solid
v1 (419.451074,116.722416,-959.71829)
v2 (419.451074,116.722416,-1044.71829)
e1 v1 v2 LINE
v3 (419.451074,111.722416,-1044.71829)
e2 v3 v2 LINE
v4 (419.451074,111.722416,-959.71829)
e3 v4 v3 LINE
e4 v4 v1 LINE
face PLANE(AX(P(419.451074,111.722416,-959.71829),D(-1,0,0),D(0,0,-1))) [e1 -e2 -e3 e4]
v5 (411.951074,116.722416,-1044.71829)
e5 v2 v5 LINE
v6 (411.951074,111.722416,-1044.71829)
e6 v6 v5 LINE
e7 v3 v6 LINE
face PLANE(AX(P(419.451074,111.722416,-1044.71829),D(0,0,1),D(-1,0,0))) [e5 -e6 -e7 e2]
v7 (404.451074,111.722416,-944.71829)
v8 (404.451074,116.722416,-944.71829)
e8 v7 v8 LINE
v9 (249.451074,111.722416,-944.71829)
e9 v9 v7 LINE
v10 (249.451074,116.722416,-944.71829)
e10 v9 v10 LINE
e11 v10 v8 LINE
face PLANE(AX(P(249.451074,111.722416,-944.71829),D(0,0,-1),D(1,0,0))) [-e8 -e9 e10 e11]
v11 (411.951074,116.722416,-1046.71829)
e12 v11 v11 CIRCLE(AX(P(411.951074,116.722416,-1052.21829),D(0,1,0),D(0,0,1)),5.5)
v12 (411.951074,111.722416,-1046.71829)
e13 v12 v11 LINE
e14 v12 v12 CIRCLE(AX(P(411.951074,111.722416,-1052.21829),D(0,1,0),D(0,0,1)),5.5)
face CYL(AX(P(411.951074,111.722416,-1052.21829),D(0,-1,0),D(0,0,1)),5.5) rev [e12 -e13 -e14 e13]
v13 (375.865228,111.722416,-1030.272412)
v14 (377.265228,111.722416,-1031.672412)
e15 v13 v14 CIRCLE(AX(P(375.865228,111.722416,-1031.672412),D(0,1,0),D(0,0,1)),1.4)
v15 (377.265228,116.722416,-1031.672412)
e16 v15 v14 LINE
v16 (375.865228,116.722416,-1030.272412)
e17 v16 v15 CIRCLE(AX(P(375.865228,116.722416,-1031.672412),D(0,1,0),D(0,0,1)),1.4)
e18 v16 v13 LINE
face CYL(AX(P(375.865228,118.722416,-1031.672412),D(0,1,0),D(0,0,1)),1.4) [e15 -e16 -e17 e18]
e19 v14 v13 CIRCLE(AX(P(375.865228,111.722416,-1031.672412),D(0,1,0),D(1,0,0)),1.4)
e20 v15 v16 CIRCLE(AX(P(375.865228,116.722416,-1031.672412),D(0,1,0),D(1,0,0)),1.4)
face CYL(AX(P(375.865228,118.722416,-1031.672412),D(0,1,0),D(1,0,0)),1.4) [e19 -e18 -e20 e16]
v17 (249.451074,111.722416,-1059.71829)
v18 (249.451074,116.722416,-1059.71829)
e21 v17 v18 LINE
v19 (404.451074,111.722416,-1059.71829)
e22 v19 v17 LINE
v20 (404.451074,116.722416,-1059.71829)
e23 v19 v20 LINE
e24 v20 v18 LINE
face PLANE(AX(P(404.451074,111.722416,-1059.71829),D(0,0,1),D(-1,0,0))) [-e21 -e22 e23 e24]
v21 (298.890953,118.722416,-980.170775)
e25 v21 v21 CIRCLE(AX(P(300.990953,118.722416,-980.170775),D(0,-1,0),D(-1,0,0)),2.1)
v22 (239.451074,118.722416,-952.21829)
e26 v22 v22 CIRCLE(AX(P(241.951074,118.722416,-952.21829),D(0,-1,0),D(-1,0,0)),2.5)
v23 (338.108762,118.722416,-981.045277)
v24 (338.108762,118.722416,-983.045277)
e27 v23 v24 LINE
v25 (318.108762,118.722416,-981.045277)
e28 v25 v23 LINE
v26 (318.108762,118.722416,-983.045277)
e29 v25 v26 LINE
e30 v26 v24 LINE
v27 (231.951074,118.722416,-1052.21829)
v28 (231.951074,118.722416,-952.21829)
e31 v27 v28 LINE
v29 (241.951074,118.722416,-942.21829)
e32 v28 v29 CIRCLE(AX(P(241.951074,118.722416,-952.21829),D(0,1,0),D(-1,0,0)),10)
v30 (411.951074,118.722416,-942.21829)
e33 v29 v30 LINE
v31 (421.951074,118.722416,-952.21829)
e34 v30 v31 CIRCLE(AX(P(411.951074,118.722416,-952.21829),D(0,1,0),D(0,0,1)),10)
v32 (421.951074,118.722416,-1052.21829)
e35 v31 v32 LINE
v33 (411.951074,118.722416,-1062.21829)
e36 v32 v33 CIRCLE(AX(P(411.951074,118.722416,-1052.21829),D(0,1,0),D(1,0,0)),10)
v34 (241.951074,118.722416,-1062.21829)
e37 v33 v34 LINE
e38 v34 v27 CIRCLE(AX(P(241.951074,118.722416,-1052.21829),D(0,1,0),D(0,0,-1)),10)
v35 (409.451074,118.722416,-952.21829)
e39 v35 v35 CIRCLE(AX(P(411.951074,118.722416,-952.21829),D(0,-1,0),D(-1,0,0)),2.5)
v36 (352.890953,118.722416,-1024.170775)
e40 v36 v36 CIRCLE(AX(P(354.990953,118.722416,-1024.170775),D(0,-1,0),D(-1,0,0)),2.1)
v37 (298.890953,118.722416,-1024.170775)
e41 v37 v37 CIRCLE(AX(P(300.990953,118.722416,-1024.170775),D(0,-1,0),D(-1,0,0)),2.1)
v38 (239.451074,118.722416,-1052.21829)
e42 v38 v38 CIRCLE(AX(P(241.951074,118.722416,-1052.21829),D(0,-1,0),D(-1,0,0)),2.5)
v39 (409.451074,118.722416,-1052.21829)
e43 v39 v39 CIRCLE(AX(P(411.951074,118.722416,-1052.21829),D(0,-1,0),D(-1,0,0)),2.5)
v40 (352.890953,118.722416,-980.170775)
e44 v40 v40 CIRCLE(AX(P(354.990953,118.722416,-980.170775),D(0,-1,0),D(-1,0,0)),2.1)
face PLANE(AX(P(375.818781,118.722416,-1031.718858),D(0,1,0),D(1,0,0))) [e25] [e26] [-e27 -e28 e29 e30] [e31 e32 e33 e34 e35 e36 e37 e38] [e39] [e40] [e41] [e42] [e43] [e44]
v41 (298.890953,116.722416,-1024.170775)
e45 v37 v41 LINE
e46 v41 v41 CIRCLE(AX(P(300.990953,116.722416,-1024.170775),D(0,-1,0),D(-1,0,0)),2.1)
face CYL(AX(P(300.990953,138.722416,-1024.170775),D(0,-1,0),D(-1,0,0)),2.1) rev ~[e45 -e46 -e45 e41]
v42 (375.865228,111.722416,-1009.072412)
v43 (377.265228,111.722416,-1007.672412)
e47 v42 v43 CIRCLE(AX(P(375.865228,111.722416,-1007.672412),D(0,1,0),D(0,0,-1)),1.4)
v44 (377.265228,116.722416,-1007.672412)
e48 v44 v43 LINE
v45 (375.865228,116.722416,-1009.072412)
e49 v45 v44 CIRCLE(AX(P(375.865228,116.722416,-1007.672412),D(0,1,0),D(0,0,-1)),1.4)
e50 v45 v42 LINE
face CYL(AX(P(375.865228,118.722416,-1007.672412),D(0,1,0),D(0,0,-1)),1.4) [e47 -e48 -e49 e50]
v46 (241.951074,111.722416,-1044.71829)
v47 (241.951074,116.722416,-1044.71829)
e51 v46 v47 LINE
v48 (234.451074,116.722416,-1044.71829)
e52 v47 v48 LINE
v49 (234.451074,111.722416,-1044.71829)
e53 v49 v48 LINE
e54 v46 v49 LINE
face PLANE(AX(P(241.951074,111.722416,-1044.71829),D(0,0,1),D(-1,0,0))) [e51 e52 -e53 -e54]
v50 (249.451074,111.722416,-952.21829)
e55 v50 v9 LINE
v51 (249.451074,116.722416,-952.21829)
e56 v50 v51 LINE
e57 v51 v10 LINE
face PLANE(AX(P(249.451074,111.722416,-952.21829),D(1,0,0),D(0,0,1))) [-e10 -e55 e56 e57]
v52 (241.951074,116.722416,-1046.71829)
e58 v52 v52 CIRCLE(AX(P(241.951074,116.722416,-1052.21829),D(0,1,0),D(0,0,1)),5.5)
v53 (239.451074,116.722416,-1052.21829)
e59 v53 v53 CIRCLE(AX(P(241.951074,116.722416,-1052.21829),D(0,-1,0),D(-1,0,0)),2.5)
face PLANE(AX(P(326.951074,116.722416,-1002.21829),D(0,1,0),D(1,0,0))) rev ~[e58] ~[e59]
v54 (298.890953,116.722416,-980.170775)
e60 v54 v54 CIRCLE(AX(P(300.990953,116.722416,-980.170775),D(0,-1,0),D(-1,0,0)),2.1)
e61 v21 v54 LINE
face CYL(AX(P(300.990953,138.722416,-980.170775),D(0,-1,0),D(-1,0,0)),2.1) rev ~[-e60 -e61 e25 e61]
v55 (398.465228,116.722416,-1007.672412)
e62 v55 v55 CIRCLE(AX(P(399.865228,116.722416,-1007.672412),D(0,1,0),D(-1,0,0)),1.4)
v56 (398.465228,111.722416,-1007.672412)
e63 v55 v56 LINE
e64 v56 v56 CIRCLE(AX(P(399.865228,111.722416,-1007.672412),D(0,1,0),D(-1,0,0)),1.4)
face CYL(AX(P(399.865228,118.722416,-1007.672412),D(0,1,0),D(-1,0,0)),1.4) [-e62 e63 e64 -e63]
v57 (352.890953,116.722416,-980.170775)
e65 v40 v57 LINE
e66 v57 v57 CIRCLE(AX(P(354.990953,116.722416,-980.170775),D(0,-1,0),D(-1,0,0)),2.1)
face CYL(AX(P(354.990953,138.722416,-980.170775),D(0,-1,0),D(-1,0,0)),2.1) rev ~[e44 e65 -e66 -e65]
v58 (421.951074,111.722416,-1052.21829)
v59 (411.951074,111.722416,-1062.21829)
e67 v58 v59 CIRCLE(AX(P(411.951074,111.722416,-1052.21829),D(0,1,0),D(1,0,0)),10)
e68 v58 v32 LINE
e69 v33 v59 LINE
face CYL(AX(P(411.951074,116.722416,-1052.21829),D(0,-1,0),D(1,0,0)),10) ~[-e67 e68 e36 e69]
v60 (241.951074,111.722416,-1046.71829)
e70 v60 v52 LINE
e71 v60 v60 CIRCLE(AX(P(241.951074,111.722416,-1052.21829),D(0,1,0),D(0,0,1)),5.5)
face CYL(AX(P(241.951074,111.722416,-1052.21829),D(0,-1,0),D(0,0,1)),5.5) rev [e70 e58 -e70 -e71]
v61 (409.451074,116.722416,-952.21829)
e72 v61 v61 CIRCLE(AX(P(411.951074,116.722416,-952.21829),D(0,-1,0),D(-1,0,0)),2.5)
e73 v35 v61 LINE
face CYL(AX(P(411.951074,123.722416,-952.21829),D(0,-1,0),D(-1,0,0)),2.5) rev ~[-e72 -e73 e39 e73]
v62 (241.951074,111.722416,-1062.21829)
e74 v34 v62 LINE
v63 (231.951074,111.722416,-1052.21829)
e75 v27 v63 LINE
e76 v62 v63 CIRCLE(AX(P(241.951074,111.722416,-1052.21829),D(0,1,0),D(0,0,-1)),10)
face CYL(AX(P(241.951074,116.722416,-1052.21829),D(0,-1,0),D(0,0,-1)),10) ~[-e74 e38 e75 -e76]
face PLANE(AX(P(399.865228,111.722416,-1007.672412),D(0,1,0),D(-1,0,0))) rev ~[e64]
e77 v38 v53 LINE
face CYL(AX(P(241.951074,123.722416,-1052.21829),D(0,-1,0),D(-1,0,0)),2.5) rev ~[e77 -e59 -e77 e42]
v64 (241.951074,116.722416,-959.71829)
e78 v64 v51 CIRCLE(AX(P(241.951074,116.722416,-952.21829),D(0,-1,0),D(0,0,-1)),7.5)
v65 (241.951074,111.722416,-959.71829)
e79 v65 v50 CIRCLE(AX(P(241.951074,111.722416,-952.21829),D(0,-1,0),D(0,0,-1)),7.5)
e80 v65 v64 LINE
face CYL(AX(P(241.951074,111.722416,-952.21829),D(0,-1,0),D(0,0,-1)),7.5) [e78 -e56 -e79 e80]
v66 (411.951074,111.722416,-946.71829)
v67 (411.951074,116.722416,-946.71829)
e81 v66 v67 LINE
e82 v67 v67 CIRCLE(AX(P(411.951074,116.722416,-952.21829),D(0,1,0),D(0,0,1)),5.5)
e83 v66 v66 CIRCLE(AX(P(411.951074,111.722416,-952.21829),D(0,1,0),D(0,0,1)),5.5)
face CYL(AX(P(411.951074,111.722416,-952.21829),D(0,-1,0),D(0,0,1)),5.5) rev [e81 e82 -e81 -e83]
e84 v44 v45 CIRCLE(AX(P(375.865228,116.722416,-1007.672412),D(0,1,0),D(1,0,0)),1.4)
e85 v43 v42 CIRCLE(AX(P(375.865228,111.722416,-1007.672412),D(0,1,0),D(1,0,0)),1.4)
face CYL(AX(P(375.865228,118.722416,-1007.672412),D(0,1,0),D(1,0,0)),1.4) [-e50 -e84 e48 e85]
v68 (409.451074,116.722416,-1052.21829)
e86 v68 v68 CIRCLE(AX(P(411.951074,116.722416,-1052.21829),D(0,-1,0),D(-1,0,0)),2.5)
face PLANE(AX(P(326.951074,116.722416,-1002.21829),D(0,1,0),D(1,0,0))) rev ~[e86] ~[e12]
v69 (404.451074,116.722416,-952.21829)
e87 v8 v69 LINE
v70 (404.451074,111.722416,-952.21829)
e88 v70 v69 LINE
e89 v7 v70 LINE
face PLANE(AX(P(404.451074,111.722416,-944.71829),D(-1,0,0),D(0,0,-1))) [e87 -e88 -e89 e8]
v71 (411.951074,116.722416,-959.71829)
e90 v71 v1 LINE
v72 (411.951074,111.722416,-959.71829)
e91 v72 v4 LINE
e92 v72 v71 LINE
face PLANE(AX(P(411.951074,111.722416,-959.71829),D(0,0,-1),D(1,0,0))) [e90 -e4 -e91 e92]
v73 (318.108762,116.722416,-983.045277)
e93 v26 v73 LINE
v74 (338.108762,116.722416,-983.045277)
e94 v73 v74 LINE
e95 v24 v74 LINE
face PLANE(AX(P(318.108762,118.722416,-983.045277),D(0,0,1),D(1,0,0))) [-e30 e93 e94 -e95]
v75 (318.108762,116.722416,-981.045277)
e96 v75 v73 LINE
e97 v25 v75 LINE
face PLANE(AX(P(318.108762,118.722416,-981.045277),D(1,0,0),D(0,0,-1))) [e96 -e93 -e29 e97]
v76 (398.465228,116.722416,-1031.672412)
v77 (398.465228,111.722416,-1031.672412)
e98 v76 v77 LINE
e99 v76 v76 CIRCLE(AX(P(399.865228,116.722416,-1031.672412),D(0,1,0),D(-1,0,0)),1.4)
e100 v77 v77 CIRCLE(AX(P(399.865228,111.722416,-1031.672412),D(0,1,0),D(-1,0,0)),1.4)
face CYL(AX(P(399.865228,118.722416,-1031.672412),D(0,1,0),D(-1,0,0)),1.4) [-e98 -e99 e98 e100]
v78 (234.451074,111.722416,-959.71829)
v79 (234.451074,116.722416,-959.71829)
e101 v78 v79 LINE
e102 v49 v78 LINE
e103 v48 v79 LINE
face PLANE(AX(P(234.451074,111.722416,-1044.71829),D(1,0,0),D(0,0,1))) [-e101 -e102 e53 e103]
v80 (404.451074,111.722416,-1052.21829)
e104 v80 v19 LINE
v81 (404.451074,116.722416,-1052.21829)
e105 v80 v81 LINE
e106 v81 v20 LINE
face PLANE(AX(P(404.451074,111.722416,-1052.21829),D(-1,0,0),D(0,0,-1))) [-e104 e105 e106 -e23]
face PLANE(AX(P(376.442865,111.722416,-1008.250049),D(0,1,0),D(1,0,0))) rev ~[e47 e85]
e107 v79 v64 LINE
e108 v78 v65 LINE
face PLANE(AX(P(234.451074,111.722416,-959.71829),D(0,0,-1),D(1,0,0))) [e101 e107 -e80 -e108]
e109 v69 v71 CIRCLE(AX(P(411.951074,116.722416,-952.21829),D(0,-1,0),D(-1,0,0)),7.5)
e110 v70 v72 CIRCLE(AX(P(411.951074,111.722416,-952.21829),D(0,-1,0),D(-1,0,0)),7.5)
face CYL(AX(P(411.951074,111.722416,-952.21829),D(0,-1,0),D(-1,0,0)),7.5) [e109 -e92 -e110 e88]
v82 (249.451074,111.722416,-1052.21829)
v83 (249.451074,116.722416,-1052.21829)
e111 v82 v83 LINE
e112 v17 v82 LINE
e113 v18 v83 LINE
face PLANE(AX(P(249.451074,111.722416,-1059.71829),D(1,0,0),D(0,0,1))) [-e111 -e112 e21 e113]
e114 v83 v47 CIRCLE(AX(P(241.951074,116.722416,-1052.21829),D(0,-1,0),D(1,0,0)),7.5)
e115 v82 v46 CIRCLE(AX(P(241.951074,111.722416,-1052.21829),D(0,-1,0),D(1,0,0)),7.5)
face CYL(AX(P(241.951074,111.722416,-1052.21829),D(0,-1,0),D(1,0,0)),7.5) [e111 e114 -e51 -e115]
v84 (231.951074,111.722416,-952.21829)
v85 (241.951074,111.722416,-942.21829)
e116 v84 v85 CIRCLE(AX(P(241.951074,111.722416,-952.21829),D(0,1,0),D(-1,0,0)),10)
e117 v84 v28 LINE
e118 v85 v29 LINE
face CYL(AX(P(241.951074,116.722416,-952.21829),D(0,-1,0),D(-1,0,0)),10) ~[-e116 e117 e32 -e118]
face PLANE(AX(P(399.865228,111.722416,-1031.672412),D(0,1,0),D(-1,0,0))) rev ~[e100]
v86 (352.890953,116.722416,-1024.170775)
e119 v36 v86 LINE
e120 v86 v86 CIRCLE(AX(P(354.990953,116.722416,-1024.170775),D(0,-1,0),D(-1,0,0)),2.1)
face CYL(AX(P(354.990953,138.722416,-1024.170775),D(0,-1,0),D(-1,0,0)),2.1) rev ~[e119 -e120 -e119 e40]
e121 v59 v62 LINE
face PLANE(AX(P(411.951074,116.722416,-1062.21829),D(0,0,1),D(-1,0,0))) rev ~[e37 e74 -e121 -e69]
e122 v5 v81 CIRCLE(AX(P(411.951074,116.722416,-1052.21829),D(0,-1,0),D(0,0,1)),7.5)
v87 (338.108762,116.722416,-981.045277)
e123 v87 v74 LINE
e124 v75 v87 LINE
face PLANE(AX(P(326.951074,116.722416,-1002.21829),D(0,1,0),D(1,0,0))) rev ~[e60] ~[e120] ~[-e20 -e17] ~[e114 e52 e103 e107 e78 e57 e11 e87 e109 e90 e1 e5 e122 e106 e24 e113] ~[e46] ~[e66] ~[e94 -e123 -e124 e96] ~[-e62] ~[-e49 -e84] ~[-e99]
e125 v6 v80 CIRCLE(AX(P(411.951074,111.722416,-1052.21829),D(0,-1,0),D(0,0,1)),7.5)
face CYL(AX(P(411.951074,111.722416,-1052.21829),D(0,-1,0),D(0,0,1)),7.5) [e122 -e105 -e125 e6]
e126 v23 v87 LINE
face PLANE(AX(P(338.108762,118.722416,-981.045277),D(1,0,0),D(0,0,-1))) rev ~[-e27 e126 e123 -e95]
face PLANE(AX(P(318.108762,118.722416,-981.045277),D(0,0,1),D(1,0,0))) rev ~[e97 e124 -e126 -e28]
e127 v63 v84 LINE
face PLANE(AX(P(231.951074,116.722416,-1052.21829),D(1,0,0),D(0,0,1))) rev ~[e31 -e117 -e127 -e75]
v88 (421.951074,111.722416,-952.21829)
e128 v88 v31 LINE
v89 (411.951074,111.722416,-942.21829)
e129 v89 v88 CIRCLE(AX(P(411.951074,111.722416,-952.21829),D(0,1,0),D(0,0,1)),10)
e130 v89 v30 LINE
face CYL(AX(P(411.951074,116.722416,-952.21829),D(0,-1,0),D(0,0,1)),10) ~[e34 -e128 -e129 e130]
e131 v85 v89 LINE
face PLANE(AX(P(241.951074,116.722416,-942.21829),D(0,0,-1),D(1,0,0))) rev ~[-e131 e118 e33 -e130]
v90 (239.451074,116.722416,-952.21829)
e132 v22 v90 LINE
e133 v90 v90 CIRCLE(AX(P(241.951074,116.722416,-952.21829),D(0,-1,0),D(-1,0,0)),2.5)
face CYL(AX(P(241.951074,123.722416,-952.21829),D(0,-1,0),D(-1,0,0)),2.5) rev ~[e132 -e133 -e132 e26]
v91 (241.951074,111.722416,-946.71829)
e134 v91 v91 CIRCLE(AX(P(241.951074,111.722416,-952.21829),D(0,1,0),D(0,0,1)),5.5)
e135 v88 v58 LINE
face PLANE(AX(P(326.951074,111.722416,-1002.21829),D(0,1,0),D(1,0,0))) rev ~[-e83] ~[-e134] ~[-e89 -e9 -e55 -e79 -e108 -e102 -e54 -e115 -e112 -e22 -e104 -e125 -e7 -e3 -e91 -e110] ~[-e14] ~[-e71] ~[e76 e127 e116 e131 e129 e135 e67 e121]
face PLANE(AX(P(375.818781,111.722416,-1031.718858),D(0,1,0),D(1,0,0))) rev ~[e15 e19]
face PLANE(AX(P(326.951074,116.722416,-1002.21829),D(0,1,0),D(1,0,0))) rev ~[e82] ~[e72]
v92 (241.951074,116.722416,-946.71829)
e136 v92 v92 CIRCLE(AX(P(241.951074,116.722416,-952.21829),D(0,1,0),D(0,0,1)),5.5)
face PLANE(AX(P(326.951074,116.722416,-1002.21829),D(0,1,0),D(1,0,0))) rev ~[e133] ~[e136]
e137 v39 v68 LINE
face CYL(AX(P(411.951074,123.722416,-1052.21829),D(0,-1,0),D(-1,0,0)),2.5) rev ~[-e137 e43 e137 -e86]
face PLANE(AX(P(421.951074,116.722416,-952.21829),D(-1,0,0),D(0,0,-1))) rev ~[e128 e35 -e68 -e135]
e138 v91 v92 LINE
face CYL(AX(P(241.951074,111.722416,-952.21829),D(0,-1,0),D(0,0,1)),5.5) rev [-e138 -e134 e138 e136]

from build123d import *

# Parameters (mm, degrees)
SKETCH1_R                      = 5.5
BOSS_EXTRUDE1_DEPTH            = 5
BOSS_EXTRUDE2_DEPTH            = 2
SKETCH4_R                      = 1.4
BOSS_EXTRUDE3_DEPTH            = 7
SKETCH12_W                     = 20
SKETCH12_H                     = 2
CUT_EXTRUDE1_DEPTH             = 10
F_4_2_4_2_DIAMETER_HOLE1_D     = 4.2
F_4_2_4_2_DIAMETER_HOLE1_DEPTH = 20
F_4_2_4_2_DIAMETER_HOLE1_TIP   = 1.2618073
F_5_0_5_DIAMETER_HOLE1_D       = 5
F_5_0_5_DIAMETER_HOLE1_DEPTH   = 5
F_5_0_5_DIAMETER_HOLE1_TIP     = 1.502151548


with BuildPart() as part:
    # Sketch1 → Boss-Extrude1 (new body)
    with BuildSketch(Plane(origin=(0, 111.722415865, 0), x_dir=(1, 0, 0), z_dir=(0, 1, 0))):
        with BuildLine():
            Line((241.95107426, 942.218289838), (411.95107426, 942.218289838))
            ThreePointArc((411.95107426, 942.218289838), (419.022142072, 945.147222026), (421.95107426, 952.218289838))
            Line((421.95107426, 952.218289838), (421.95107426, 1052.218289838))
            ThreePointArc((421.95107426, 1052.218289838), (419.022142072, 1059.28935765), (411.95107426, 1062.218289838))
            Line((411.95107426, 1062.218289838), (241.95107426, 1062.218289838))
            ThreePointArc((241.95107426, 1062.218289838), (234.880006448, 1059.28935765), (231.95107426, 1052.218289838))
            Line((231.95107426, 1052.218289838), (231.95107426, 952.218289838))
            ThreePointArc((231.95107426, 952.218289838), (234.880006448, 945.147222026), (241.95107426, 942.218289838))
        make_face()
        with Locations(Location((241.95107426, 952.218289838, 0), (0, 0, 270))):
            Circle(SKETCH1_R, mode=Mode.SUBTRACT)
        with Locations(Location((411.95107426, 952.218289838, 0), (0, 0, 270))):
            Circle(SKETCH1_R, mode=Mode.SUBTRACT)
        with Locations(Location((411.95107426, 1052.218289838, 0), (0, 0, 270))):
            Circle(SKETCH1_R, mode=Mode.SUBTRACT)
        with Locations(Location((241.95107426, 1052.218289838, 0), (0, 0, 270))):
            Circle(SKETCH1_R, mode=Mode.SUBTRACT)
        with BuildLine():
            Line((249.45107426, 952.218289838), (249.45107426, 944.718289838))
            Line((249.45107426, 944.718289838), (404.45107426, 944.718289838))
            Line((404.45107426, 944.718289838), (404.45107426, 952.218289838))
            ThreePointArc((404.45107426, 952.218289838), (406.647773401, 957.521590697), (411.95107426, 959.718289838))
            Line((411.95107426, 959.718289838), (419.45107426, 959.718289838))
            Line((419.45107426, 959.718289838), (419.45107426, 1044.718289838))
            Line((419.45107426, 1044.718289838), (411.95107426, 1044.718289838))
            ThreePointArc((411.95107426, 1044.718289838), (406.647773401, 1046.914988979), (404.45107426, 1052.218289838))
            Line((404.45107426, 1052.218289838), (404.45107426, 1059.718289838))
            Line((404.45107426, 1059.718289838), (249.45107426, 1059.718289838))
            Line((249.45107426, 1059.718289838), (249.45107426, 1052.218289838))
            ThreePointArc((249.45107426, 1052.218289838), (247.254375119, 1046.914988979), (241.95107426, 1044.718289838))
            Line((241.95107426, 1044.718289838), (234.45107426, 1044.718289838))
            Line((234.45107426, 1044.718289838), (234.45107426, 959.718289838))
            Line((234.45107426, 959.718289838), (241.95107426, 959.718289838))
            ThreePointArc((241.95107426, 959.718289838), (247.254375119, 957.521590697), (249.45107426, 952.218289838))
        make_face(mode=Mode.SUBTRACT)
    extrude(amount=BOSS_EXTRUDE1_DEPTH)

    # Sketch2 → Boss-Extrude2 (add)
    with BuildSketch(Plane(origin=(0, 116.722415865, 0), x_dir=(1, 0, 0), z_dir=(0, 1, 0))):
        with BuildLine():
            Line((231.95107426, 1052.218289838), (231.95107426, 952.218289838))
            ThreePointArc((231.95107426, 952.218289838), (234.880006448, 945.147222026), (241.95107426, 942.218289838))
            Line((241.95107426, 942.218289838), (411.95107426, 942.218289838))
            ThreePointArc((411.95107426, 942.218289838), (419.022142072, 945.147222026), (421.95107426, 952.218289838))
            Line((421.95107426, 952.218289838), (421.95107426, 1052.218289838))
            ThreePointArc((421.95107426, 1052.218289838), (419.022142072, 1059.28935765), (411.95107426, 1062.218289838))
            Line((411.95107426, 1062.218289838), (241.95107426, 1062.218289838))
            ThreePointArc((241.95107426, 1062.218289838), (234.880006448, 1059.28935765), (231.95107426, 1052.218289838))
        make_face()
    extrude(amount=BOSS_EXTRUDE2_DEPTH)

    # Sketch4 → Boss-Extrude3 (add)
    with BuildSketch(Plane(origin=(0, 118.722415865, 0), x_dir=(1, 0, 0), z_dir=(0, 1, 0))):
        with BuildLine():
            Line((375.86522753, 1030.272411662), (375.86522753, 1031.672411662))
            Line((375.86522753, 1031.672411662), (377.26522753, 1031.672411662))
            ThreePointArc((377.26522753, 1031.672411662), (374.875278036, 1032.662361156), (375.86522753, 1030.272411662))
        make_face()
        with BuildLine():
            Line((377.26522753, 1031.672411662), (375.86522753, 1031.672411662))
            Line((375.86522753, 1031.672411662), (375.86522753, 1030.272411662))
            ThreePointArc((375.86522753, 1030.272411662), (376.855177023, 1030.682462168), (377.26522753, 1031.672411662))
        make_face()
        with BuildLine():
            ThreePointArc((377.26522753, 1007.672411662), (376.855177023, 1008.662361156), (375.86522753, 1009.072411662))
            Line((375.86522753, 1009.072411662), (375.86522753, 1007.672411662))
            Line((375.86522753, 1007.672411662), (377.26522753, 1007.672411662))
        make_face()
        with BuildLine():
            Line((375.86522753, 1007.672411662), (375.86522753, 1009.072411662))
            ThreePointArc((375.86522753, 1009.072411662), (374.875278036, 1006.682462168), (377.26522753, 1007.672411662))
            Line((377.26522753, 1007.672411662), (375.86522753, 1007.672411662))
        make_face()
        with Locations(Location((399.86522753, 1031.672411662, 0), (0, 0, 180))):
            Circle(SKETCH4_R)
        with Locations(Location((399.86522753, 1007.672411662, 0), (0, 0, 180))):
            Circle(SKETCH4_R)
    extrude(amount=-BOSS_EXTRUDE3_DEPTH)

    # Sketch12 → Cut-Extrude1 (cut)
    with BuildSketch(Plane(origin=(0, 118.722415865, 0), x_dir=(1, 0, 0), z_dir=(0, 1, 0))):
        with Locations((328.108762335, 982.045276567)):
            Rectangle(SKETCH12_W, SKETCH12_H)
    extrude(amount=-CUT_EXTRUDE1_DEPTH, mode=Mode.SUBTRACT)

    # Ø4.2 (4.2) Diameter Hole1
    with Locations(Plane(origin=(0, 118.722415865, 0), x_dir=(1, 0, 0), z_dir=(0, 1, 0))):
        with Locations((300.990952506, 1024.17077451), (354.990952506, 1024.17077451), (354.990952506, 980.17077451), (300.990952506, 980.17077451)):
            Hole(F_4_2_4_2_DIAMETER_HOLE1_D / 2, depth=F_4_2_4_2_DIAMETER_HOLE1_DEPTH)
            with Locations((0, 0, -(F_4_2_4_2_DIAMETER_HOLE1_DEPTH + F_4_2_4_2_DIAMETER_HOLE1_TIP / 2))):  # 118° drill point
                Cone(0, F_4_2_4_2_DIAMETER_HOLE1_D / 2, F_4_2_4_2_DIAMETER_HOLE1_TIP, mode=Mode.SUBTRACT)

    # Ø5.0 (5) Diameter Hole1
    with Locations(Plane(origin=(0, 118.722415865, 0), x_dir=(1, 0, 0), z_dir=(0, 1, 0))):
        with Locations((241.95107426, 1052.218289838), (411.95107426, 1052.218289838), (411.95107426, 952.218289838), (241.95107426, 952.218289838)):
            Hole(F_5_0_5_DIAMETER_HOLE1_D / 2, depth=F_5_0_5_DIAMETER_HOLE1_DEPTH)
            with Locations((0, 0, -(F_5_0_5_DIAMETER_HOLE1_DEPTH + F_5_0_5_DIAMETER_HOLE1_TIP / 2))):  # 118° drill point
                Cone(0, F_5_0_5_DIAMETER_HOLE1_D / 2, F_5_0_5_DIAMETER_HOLE1_TIP, mode=Mode.SUBTRACT)


solid = part.part
